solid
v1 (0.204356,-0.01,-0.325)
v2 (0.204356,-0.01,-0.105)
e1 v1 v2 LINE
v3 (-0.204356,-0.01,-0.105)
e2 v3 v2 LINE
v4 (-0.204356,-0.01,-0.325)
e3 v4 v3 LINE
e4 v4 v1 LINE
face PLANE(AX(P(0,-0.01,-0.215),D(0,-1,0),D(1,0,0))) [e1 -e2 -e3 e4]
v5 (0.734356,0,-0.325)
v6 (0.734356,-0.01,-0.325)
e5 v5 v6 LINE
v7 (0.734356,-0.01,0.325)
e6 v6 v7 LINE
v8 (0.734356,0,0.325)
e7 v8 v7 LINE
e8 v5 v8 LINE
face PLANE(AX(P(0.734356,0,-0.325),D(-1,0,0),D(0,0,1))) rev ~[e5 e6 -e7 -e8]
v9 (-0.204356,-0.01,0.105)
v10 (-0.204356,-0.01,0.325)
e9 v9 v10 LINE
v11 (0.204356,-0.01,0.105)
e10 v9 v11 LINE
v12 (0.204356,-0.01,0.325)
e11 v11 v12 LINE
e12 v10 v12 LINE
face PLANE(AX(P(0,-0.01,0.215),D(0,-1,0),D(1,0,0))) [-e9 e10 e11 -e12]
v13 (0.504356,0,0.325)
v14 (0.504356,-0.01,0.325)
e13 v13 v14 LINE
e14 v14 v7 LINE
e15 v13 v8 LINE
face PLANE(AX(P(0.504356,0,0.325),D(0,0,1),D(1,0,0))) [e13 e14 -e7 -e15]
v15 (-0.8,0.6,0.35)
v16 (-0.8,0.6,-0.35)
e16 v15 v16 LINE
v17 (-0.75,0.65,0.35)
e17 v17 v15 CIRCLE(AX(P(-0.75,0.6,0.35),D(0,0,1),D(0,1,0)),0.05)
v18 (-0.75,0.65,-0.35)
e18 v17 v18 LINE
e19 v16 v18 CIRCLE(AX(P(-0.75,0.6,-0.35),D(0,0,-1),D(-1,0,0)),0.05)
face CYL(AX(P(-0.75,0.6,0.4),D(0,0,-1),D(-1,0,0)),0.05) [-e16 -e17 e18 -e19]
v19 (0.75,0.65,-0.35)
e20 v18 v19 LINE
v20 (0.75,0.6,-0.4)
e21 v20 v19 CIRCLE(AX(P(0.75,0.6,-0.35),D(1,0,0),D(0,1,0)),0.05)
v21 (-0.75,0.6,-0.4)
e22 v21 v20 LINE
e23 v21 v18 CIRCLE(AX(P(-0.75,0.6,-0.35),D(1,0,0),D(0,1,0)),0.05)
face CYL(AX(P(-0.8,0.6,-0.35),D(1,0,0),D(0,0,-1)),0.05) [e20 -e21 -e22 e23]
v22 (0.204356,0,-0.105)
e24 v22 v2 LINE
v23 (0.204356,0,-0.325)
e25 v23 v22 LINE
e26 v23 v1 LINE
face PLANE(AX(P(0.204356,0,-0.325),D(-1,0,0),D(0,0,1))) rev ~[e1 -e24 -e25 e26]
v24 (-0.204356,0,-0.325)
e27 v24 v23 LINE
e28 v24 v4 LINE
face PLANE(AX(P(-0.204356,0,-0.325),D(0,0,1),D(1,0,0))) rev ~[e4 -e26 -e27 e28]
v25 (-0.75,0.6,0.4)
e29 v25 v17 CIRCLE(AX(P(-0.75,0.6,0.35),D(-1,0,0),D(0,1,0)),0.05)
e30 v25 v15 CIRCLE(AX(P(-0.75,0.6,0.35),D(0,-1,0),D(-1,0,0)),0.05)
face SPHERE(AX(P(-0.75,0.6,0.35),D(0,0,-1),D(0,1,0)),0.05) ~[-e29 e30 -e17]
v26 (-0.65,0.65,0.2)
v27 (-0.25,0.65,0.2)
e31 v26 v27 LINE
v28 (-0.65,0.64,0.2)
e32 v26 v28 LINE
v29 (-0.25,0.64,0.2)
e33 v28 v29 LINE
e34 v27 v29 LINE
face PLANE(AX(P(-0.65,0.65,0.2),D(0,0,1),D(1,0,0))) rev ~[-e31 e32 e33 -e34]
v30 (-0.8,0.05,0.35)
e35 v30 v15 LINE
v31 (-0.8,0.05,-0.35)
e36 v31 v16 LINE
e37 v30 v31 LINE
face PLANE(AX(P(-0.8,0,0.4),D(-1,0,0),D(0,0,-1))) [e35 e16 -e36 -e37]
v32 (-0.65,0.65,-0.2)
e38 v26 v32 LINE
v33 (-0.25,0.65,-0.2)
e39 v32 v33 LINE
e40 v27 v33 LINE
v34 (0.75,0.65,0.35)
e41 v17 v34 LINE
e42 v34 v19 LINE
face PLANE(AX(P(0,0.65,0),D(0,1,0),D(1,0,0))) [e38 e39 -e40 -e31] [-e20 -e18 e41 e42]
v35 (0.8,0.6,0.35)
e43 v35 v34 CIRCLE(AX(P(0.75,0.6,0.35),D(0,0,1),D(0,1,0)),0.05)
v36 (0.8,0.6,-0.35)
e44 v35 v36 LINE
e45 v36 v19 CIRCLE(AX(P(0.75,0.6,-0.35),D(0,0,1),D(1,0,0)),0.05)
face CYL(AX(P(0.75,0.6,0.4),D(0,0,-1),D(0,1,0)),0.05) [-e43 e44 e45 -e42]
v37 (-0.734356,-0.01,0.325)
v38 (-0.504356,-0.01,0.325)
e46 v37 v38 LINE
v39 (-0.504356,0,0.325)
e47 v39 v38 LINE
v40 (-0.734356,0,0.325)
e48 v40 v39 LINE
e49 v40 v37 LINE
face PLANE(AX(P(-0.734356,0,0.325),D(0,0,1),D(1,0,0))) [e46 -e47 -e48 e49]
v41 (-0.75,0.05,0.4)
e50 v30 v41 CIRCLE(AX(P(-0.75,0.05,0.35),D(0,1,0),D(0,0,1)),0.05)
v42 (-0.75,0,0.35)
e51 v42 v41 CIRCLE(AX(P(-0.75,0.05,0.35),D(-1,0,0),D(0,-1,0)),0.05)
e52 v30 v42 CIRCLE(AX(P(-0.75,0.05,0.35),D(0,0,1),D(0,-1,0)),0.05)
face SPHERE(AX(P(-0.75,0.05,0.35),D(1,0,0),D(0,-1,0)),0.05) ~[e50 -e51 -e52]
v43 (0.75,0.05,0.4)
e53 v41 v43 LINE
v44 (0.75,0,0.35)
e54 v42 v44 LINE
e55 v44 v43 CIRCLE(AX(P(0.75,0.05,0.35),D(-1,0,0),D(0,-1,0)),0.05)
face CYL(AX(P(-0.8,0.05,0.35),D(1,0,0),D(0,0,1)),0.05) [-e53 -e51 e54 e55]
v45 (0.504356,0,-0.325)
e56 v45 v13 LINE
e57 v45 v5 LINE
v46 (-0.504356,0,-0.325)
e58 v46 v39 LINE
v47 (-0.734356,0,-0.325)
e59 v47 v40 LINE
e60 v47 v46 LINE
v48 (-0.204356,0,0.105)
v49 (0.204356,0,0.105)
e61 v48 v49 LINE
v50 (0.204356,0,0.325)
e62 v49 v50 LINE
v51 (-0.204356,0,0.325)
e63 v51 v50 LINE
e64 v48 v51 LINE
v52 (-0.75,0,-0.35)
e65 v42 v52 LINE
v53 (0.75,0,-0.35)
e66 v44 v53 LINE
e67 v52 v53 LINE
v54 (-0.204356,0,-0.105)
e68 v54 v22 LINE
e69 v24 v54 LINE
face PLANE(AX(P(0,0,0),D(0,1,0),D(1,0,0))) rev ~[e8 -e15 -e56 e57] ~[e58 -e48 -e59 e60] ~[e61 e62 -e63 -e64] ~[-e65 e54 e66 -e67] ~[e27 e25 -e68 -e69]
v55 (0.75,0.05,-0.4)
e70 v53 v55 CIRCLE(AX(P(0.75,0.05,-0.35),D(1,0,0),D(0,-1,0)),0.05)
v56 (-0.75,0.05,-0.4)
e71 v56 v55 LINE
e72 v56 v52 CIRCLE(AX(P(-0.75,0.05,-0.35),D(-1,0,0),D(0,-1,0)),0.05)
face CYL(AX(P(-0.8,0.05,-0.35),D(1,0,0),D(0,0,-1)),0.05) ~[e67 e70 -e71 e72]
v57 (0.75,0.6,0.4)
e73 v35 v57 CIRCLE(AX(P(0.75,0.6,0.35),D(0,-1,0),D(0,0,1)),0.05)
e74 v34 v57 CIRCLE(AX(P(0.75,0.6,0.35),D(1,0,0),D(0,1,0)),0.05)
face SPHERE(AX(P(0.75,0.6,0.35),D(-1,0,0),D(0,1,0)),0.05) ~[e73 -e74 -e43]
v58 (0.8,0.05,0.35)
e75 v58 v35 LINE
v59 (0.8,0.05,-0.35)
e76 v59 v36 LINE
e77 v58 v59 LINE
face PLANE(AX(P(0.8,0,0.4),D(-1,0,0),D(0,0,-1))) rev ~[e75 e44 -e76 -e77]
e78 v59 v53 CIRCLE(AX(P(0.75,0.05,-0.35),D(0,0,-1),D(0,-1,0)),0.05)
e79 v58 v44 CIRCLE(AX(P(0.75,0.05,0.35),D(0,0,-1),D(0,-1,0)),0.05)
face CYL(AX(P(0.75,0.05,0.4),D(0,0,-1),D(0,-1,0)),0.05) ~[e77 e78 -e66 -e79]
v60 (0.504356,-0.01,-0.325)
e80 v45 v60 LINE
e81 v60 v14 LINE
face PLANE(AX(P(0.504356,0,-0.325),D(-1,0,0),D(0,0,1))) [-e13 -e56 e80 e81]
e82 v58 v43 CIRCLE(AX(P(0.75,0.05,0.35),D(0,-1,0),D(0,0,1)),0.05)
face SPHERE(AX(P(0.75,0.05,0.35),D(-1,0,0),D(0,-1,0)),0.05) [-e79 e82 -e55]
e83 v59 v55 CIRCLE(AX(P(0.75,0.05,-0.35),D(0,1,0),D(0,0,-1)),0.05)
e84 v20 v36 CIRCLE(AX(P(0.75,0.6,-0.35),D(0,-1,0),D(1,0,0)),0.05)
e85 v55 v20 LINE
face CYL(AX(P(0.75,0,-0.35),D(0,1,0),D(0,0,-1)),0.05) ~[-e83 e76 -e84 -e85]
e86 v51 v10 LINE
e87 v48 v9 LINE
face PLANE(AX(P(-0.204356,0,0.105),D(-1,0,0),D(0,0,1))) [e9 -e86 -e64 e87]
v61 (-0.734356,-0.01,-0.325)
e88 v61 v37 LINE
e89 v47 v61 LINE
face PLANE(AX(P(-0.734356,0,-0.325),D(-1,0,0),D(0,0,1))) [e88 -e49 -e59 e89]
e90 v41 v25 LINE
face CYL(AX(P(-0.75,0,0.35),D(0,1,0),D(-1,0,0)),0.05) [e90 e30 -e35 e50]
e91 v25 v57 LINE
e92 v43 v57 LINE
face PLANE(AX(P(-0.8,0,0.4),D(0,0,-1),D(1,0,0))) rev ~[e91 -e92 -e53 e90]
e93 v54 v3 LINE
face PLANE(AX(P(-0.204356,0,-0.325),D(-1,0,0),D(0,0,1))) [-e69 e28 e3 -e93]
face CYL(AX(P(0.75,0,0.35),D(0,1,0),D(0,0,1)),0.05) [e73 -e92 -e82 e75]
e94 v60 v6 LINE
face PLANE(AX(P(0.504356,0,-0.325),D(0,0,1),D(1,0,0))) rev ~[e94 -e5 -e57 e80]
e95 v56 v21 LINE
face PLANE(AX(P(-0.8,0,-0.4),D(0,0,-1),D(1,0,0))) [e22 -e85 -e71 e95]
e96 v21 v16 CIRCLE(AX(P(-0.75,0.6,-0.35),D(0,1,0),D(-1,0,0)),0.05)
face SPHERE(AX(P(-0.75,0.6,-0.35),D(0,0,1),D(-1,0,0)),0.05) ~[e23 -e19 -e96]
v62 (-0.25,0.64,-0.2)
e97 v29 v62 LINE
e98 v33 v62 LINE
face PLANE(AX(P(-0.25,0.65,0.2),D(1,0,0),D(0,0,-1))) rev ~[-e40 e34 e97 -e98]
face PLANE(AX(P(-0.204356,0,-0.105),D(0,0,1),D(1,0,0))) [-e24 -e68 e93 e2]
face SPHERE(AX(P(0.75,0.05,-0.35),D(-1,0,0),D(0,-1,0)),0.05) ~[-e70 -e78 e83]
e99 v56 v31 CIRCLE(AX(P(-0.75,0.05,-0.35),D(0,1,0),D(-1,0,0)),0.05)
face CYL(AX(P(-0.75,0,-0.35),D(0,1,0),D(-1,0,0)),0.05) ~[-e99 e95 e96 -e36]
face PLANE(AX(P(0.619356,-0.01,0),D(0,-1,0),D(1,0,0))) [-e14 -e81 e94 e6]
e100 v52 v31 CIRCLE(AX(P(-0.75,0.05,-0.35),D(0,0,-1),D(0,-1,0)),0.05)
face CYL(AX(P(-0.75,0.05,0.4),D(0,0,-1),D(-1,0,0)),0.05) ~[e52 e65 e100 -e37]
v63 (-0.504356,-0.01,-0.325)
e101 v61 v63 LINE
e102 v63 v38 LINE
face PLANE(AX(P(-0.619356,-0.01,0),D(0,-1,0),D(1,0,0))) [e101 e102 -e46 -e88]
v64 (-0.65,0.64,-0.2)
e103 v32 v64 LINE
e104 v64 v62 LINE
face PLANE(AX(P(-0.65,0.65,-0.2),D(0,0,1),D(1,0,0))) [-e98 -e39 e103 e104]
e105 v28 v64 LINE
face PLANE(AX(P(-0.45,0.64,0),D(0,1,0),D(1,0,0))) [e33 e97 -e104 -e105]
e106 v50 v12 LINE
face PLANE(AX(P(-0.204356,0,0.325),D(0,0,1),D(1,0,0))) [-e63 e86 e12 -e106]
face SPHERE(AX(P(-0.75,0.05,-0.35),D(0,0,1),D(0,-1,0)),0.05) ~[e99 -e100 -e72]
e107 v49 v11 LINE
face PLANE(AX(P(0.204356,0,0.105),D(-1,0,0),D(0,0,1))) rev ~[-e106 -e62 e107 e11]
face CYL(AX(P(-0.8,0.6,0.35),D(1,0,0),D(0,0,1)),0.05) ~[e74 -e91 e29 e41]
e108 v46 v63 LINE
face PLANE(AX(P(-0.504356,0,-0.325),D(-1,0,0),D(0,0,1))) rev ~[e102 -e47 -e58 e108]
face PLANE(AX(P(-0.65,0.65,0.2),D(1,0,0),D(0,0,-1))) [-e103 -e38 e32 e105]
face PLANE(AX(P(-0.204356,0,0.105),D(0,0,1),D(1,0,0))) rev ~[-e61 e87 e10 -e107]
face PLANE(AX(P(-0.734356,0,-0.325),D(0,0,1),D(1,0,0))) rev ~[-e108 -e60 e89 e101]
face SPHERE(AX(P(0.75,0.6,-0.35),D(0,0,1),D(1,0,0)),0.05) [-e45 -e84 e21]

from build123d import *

# Parameters (mm, degrees)
SKETCH1_W           = 1.6
SKETCH1_H           = 0.8
BOSS_EXTRUDE1_DEPTH = 0.65
SKETCH2_W           = 0.23
SKETCH2_H           = 0.65
SKETCH2_W_2         = 0.408711406
SKETCH2_H_2         = 0.22
BOSS_EXTRUDE2_DEPTH = 0.01
FILLET1_R           = 0.05
SKETCH3_W           = 0.4
SKETCH3_H           = 0.4
CUT_EXTRUDE1_DEPTH  = 0.01


with BuildPart() as part:
    # Sketch1 → Boss-Extrude1 (new body)
    with BuildSketch(Plane(origin=(0, 0, 0), x_dir=(1, 0, 0), z_dir=(0, 1, 0))):
        Rectangle(SKETCH1_W, SKETCH1_H)
    extrude(amount=BOSS_EXTRUDE1_DEPTH)

    # Sketch2 → Boss-Extrude2 (add)
    with BuildSketch(Plane.XZ):
        with Locations((-0.619355703, 0)):
            Rectangle(SKETCH2_W, SKETCH2_H)
        with Locations((0.619355703, 0)):
            Rectangle(SKETCH2_W, SKETCH2_H)
        with Locations((0, -0.215)):
            Rectangle(SKETCH2_W_2, SKETCH2_H_2)
        with Locations((0, 0.215)):
            Rectangle(SKETCH2_W_2, SKETCH2_H_2)
    extrude(amount=BOSS_EXTRUDE2_DEPTH)

    # Fillet1
    fillet1_edges = [part.edges().sort_by_distance(p)[0] for p in [
        (-0.8, 0.65, 0),
        (0, 0.65, 0.4),
        (0.8, 0.65, 0),
        (0, 0, 0.4),
        (-0.8, 0, 0),
        (0, 0, -0.4),
        (0.8, 0, 0),
        (0.8, 0.325, 0.4),
        (-0.8, 0.325, 0.4),
        (-0.8, 0.325, -0.4),
        (0.8, 0.325, -0.4),
        (0, 0.65, -0.4),
    ]]
    fillet(fillet1_edges, radius=FILLET1_R)

    # Sketch3 → Cut-Extrude1 (cut)
    with BuildSketch(Plane(origin=(0, 0.65, 0), x_dir=(1, 0, 0), z_dir=(0, 1, 0))):
        with Locations((-0.45, 0)):
            Rectangle(SKETCH3_W, SKETCH3_H)
    extrude(amount=-CUT_EXTRUDE1_DEPTH, mode=Mode.SUBTRACT)


solid = part.part
